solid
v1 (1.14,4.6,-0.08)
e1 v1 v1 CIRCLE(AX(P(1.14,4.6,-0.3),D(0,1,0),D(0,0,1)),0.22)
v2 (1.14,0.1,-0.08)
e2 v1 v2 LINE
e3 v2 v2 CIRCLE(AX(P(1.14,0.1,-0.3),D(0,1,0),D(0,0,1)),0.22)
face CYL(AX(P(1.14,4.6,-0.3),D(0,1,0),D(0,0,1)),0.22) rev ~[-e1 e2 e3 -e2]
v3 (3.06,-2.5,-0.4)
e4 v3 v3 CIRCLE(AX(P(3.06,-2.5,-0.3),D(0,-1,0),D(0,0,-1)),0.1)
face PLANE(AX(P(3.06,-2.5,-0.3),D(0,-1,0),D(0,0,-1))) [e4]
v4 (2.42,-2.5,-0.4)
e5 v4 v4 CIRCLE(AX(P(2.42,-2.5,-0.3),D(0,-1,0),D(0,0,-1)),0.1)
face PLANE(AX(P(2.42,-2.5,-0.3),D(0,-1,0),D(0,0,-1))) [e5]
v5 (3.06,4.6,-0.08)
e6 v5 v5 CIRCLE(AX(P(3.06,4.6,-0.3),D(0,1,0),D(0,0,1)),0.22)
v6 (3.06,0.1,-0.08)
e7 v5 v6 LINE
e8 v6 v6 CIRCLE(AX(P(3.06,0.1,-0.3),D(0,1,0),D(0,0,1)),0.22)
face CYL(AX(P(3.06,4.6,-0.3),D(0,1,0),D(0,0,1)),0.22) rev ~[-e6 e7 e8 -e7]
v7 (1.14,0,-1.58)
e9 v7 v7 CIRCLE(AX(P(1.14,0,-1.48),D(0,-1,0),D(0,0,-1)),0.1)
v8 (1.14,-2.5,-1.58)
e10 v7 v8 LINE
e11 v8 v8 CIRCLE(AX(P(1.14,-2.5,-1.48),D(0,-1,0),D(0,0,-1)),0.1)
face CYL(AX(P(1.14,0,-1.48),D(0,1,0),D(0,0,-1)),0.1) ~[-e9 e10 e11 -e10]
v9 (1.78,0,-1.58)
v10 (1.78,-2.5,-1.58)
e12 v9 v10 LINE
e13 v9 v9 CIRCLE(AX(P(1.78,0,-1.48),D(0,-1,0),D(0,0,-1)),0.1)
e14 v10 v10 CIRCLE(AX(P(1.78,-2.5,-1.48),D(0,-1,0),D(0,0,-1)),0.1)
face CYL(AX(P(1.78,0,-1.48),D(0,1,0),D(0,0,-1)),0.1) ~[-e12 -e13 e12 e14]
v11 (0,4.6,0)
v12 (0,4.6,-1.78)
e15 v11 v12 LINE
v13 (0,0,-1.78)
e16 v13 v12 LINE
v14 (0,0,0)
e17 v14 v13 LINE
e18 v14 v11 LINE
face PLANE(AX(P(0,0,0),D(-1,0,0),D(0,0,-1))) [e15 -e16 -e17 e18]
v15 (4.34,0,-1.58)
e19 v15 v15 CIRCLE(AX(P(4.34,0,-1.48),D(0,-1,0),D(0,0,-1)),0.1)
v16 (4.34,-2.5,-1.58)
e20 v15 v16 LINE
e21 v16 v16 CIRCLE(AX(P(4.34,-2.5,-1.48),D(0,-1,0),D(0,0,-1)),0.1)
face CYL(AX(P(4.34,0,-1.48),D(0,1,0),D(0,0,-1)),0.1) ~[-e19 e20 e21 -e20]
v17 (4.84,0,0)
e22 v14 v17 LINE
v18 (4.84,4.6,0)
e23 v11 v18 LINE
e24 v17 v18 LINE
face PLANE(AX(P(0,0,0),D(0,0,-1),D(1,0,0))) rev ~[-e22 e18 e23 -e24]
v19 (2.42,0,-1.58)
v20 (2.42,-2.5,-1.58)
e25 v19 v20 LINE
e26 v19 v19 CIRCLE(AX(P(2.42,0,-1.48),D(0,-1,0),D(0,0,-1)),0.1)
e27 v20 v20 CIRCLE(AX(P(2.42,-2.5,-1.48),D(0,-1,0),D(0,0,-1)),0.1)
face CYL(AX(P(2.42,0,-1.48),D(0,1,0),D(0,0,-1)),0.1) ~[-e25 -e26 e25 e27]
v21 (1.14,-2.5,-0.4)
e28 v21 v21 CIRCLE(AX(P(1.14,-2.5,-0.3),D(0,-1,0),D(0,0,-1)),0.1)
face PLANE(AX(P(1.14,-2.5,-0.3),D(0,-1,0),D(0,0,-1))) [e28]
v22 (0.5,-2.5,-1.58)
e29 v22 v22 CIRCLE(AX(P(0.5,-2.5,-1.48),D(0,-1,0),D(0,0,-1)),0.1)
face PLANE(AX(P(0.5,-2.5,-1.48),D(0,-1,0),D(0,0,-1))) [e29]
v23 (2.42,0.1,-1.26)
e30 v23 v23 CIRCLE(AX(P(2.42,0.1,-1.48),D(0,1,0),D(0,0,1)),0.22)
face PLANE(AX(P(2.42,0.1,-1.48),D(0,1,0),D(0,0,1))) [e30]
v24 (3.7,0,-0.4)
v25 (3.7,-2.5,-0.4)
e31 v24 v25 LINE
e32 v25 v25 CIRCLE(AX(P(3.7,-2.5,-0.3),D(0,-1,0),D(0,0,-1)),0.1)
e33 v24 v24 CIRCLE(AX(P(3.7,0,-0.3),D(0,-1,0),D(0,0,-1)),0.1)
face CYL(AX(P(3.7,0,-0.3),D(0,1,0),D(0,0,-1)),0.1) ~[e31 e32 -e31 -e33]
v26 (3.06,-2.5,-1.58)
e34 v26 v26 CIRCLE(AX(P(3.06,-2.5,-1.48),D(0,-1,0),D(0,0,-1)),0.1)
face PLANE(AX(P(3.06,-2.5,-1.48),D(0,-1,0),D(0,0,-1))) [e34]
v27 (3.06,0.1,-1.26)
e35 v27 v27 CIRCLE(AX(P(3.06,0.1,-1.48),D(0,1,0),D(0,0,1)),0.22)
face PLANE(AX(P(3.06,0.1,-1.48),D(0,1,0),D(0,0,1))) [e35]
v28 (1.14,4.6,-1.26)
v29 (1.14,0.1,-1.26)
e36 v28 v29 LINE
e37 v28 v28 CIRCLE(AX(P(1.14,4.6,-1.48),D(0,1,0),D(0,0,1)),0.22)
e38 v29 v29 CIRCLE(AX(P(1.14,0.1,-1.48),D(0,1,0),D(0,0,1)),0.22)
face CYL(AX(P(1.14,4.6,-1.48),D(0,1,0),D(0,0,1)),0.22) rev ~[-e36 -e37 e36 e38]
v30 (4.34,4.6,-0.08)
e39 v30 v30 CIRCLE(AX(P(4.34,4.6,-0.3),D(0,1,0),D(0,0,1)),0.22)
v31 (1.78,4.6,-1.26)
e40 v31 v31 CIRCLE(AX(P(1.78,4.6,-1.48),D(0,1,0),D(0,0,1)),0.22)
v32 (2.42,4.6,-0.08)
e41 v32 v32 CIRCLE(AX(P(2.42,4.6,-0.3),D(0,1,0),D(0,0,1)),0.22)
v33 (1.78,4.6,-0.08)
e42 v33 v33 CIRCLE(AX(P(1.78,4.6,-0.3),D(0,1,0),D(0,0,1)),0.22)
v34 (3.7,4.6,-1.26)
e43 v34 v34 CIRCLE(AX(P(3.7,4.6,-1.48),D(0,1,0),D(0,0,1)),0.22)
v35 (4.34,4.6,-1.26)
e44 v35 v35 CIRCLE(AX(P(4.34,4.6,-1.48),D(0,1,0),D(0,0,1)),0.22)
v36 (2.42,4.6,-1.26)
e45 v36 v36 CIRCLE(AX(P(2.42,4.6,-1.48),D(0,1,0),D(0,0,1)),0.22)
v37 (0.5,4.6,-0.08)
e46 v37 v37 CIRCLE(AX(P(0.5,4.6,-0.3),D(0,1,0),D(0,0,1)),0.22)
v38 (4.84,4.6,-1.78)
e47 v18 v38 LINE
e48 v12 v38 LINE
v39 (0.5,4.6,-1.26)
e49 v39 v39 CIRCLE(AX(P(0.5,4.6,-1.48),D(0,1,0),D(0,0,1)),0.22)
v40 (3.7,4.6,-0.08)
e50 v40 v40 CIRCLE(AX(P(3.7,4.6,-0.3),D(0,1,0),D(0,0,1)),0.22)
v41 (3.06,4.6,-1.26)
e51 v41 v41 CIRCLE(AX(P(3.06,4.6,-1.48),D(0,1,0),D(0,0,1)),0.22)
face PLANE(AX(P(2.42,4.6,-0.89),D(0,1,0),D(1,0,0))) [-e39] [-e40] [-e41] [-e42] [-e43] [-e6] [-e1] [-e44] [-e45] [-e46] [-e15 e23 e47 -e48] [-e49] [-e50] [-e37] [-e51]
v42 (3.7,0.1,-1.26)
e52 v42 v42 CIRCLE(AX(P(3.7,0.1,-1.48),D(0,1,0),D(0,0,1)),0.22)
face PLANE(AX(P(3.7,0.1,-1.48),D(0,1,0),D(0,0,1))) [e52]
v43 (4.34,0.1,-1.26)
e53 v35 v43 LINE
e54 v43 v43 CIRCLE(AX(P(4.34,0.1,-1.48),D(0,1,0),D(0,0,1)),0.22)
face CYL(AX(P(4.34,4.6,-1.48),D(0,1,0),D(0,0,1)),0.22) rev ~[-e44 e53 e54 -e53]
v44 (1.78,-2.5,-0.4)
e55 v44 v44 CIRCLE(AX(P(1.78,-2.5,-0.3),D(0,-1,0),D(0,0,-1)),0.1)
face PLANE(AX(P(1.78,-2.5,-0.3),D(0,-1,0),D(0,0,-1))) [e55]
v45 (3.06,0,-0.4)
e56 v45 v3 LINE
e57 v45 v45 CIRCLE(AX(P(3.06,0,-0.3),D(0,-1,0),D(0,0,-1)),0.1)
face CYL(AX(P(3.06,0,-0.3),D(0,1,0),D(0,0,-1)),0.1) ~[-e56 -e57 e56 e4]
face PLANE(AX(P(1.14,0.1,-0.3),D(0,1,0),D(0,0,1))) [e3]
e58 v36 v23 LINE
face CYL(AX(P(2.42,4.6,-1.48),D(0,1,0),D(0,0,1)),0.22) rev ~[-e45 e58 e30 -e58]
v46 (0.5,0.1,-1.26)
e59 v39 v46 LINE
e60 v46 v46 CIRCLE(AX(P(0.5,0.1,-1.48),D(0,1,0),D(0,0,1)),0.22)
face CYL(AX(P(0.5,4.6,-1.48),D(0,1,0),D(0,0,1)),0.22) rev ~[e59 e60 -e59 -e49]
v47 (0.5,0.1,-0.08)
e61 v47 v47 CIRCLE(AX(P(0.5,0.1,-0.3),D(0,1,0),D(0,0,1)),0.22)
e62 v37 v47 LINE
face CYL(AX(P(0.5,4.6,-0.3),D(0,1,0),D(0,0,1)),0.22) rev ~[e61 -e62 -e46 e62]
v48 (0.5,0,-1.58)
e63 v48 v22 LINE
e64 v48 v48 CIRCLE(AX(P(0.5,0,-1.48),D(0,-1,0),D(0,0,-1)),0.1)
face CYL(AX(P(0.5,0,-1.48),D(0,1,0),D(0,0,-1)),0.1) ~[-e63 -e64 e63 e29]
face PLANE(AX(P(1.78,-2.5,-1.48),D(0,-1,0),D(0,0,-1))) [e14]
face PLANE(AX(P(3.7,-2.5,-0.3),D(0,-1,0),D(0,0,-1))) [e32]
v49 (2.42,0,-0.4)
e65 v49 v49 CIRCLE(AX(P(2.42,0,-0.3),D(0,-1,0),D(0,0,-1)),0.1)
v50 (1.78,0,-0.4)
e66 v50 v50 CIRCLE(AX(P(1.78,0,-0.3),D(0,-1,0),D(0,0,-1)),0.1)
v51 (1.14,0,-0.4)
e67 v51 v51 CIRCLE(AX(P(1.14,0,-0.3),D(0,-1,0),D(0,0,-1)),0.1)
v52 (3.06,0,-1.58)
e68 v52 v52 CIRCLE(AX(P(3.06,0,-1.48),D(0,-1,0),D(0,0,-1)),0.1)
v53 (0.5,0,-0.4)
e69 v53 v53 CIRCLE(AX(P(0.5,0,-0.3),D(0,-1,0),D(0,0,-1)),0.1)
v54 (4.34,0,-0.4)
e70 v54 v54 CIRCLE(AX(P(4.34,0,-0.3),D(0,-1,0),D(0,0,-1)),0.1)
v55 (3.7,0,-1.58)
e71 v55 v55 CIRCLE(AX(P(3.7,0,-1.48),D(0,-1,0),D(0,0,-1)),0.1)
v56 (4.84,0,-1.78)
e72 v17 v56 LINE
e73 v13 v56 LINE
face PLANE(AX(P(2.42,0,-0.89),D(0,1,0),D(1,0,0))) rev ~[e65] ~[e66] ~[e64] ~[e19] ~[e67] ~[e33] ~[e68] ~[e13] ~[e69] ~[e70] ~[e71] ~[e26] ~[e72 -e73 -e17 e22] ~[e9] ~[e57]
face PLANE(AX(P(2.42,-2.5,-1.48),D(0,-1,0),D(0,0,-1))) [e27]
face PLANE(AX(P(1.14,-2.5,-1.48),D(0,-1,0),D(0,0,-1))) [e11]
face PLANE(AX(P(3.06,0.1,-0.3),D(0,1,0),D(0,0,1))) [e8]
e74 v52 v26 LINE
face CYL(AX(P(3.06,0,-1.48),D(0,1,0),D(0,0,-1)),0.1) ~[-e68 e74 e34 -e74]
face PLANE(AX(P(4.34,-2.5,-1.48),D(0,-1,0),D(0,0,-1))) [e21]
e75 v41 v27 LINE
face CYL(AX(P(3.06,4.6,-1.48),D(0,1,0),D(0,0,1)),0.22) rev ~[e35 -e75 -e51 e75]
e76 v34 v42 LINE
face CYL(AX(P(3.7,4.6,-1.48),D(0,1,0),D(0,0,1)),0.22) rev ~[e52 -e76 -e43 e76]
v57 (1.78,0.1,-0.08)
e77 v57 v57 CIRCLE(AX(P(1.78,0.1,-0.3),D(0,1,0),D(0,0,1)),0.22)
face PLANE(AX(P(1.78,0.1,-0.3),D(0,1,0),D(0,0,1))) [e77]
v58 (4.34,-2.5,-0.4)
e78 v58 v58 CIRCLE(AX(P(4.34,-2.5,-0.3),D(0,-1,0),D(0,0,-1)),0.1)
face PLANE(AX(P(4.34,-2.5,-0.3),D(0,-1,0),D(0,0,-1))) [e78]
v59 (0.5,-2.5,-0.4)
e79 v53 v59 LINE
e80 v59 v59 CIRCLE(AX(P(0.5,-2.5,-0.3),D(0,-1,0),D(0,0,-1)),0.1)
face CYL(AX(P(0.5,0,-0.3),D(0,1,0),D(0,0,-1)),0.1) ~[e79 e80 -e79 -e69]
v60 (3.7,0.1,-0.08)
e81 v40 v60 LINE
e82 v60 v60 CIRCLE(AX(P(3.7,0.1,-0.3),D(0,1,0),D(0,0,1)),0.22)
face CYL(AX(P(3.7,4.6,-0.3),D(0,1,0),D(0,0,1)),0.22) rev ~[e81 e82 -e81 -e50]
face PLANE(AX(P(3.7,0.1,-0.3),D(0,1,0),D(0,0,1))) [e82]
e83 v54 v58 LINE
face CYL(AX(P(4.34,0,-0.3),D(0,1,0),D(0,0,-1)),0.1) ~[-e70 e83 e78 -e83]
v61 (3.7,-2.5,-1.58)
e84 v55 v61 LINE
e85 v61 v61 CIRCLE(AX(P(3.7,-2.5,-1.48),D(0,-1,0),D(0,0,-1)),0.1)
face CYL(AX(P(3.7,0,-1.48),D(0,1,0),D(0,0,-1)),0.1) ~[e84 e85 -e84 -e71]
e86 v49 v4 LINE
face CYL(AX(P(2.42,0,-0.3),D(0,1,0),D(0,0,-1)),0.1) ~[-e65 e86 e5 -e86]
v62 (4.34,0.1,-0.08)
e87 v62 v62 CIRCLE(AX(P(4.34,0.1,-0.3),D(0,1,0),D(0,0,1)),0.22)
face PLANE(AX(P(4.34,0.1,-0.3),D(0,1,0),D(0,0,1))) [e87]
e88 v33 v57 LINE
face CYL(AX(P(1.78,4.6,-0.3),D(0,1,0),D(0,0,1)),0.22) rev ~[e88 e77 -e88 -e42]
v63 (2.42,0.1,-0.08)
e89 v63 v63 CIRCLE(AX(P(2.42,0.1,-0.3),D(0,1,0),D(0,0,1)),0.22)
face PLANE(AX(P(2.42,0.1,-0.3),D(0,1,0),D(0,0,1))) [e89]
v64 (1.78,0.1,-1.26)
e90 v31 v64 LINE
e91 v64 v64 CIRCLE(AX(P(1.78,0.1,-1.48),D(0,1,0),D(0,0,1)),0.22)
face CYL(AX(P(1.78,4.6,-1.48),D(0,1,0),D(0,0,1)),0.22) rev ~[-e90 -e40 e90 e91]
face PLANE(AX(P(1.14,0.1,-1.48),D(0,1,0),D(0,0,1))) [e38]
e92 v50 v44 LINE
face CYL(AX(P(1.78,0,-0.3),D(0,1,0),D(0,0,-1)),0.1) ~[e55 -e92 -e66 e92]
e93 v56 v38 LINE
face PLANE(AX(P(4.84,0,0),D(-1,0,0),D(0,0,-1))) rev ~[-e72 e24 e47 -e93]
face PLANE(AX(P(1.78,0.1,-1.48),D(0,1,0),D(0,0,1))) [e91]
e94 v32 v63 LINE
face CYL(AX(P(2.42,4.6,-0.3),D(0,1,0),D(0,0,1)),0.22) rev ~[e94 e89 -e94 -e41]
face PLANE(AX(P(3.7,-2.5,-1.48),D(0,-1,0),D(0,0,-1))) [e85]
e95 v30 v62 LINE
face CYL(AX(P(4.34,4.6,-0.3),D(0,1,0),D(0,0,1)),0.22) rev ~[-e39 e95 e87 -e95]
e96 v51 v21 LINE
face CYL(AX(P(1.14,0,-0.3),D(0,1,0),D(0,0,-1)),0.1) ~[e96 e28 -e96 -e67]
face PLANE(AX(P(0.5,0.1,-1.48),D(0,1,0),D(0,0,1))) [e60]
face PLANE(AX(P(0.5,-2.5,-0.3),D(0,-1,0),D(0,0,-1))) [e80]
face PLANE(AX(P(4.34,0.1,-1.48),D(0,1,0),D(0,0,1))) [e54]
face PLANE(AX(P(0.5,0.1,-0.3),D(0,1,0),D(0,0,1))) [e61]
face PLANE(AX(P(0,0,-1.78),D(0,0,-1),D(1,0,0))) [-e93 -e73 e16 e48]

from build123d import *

# Parameters (mm, degrees)
SKETCH2_W           = 4.84
SKETCH2_H           = 1.78
BOSS_EXTRUDE1_DEPTH = 4.6
SKETCH3_R           = 0.22
CUT_EXTRUDE1_DEPTH  = 4.5
SKETCH5_R           = 0.1
BOSS_EXTRUDE2_DEPTH = 2.5


with BuildPart() as part:
    # Sketch2 → Boss-Extrude1 (new body)
    with BuildSketch(Plane(origin=(0, 0, 0), x_dir=(1, 0, 0), z_dir=(0, 1, 0))):
        with Locations((2.42, 0.89)):
            Rectangle(SKETCH2_W, SKETCH2_H)
    extrude(amount=BOSS_EXTRUDE1_DEPTH)

    # Sketch3 → Cut-Extrude1 (cut)
    with BuildSketch(Plane(origin=(0, 4.6, 0), x_dir=(1, 0, 0), z_dir=(0, 1, 0))):
        with Locations(Location((0.5, 1.48, 0), (0, 0, 270))):
            Circle(SKETCH3_R)
        with Locations(Location((1.14, 1.48, 0), (0, 0, 270))):
            Circle(SKETCH3_R)
        with Locations(Location((1.78, 1.48, 0), (0, 0, 270))):
            Circle(SKETCH3_R)
        with Locations(Location((2.42, 1.48, 0), (0, 0, 270))):
            Circle(SKETCH3_R)
        with Locations(Location((3.06, 1.48, 0), (0, 0, 270))):
            Circle(SKETCH3_R)
        with Locations(Location((3.7, 1.48, 0), (0, 0, 270))):
            Circle(SKETCH3_R)
        with Locations(Location((4.34, 1.48, 0), (0, 0, 270))):
            Circle(SKETCH3_R)
        with Locations(Location((0.5, 0.3, 0), (0, 0, 270))):
            Circle(SKETCH3_R)
        with Locations(Location((1.14, 0.3, 0), (0, 0, 270))):
            Circle(SKETCH3_R)
        with Locations(Location((1.78, 0.3, 0), (0, 0, 270))):
            Circle(SKETCH3_R)
        with Locations(Location((2.42, 0.3, 0), (0, 0, 270))):
            Circle(SKETCH3_R)
        with Locations(Location((3.06, 0.3, 0), (0, 0, 270))):
            Circle(SKETCH3_R)
        with Locations(Location((3.7, 0.3, 0), (0, 0, 270))):
            Circle(SKETCH3_R)
        with Locations(Location((4.34, 0.3, 0), (0, 0, 270))):
            Circle(SKETCH3_R)
    extrude(amount=-CUT_EXTRUDE1_DEPTH, mode=Mode.SUBTRACT)

    # Sketch5 → Boss-Extrude2 (add)
    with BuildSketch(Plane.XZ):
        with Locations(Location((0.5, -0.3, 0), (0, 0, 270))):
            Circle(SKETCH5_R)
        with Locations(Location((1.14, -0.3, 0), (0, 0, 270))):
            Circle(SKETCH5_R)
        with Locations(Location((1.78, -0.3, 0), (0, 0, 270))):
            Circle(SKETCH5_R)
        with Locations(Location((2.42, -0.3, 0), (0, 0, 270))):
            Circle(SKETCH5_R)
        with Locations(Location((3.06, -0.3, 0), (0, 0, 270))):
            Circle(SKETCH5_R)
        with Locations(Location((3.7, -0.3, 0), (0, 0, 270))):
            Circle(SKETCH5_R)
        with Locations(Location((4.34, -0.3, 0), (0, 0, 270))):
            Circle(SKETCH5_R)
        with Locations(Location((0.5, -1.48, 0), (0, 0, 270))):
            Circle(SKETCH5_R)
        with Locations(Location((1.14, -1.48, 0), (0, 0, 270))):
            Circle(SKETCH5_R)
        with Locations(Location((1.78, -1.48, 0), (0, 0, 270))):
            Circle(SKETCH5_R)
        with Locations(Location((2.42, -1.48, 0), (0, 0, 270))):
            Circle(SKETCH5_R)
        with Locations(Location((3.06, -1.48, 0), (0, 0, 270))):
            Circle(SKETCH5_R)
        with Locations(Location((3.7, -1.48, 0), (0, 0, 270))):
            Circle(SKETCH5_R)
        with Locations(Location((4.34, -1.48, 0), (0, 0, 270))):
            Circle(SKETCH5_R)
    extrude(amount=BOSS_EXTRUDE2_DEPTH)


solid = part.part
